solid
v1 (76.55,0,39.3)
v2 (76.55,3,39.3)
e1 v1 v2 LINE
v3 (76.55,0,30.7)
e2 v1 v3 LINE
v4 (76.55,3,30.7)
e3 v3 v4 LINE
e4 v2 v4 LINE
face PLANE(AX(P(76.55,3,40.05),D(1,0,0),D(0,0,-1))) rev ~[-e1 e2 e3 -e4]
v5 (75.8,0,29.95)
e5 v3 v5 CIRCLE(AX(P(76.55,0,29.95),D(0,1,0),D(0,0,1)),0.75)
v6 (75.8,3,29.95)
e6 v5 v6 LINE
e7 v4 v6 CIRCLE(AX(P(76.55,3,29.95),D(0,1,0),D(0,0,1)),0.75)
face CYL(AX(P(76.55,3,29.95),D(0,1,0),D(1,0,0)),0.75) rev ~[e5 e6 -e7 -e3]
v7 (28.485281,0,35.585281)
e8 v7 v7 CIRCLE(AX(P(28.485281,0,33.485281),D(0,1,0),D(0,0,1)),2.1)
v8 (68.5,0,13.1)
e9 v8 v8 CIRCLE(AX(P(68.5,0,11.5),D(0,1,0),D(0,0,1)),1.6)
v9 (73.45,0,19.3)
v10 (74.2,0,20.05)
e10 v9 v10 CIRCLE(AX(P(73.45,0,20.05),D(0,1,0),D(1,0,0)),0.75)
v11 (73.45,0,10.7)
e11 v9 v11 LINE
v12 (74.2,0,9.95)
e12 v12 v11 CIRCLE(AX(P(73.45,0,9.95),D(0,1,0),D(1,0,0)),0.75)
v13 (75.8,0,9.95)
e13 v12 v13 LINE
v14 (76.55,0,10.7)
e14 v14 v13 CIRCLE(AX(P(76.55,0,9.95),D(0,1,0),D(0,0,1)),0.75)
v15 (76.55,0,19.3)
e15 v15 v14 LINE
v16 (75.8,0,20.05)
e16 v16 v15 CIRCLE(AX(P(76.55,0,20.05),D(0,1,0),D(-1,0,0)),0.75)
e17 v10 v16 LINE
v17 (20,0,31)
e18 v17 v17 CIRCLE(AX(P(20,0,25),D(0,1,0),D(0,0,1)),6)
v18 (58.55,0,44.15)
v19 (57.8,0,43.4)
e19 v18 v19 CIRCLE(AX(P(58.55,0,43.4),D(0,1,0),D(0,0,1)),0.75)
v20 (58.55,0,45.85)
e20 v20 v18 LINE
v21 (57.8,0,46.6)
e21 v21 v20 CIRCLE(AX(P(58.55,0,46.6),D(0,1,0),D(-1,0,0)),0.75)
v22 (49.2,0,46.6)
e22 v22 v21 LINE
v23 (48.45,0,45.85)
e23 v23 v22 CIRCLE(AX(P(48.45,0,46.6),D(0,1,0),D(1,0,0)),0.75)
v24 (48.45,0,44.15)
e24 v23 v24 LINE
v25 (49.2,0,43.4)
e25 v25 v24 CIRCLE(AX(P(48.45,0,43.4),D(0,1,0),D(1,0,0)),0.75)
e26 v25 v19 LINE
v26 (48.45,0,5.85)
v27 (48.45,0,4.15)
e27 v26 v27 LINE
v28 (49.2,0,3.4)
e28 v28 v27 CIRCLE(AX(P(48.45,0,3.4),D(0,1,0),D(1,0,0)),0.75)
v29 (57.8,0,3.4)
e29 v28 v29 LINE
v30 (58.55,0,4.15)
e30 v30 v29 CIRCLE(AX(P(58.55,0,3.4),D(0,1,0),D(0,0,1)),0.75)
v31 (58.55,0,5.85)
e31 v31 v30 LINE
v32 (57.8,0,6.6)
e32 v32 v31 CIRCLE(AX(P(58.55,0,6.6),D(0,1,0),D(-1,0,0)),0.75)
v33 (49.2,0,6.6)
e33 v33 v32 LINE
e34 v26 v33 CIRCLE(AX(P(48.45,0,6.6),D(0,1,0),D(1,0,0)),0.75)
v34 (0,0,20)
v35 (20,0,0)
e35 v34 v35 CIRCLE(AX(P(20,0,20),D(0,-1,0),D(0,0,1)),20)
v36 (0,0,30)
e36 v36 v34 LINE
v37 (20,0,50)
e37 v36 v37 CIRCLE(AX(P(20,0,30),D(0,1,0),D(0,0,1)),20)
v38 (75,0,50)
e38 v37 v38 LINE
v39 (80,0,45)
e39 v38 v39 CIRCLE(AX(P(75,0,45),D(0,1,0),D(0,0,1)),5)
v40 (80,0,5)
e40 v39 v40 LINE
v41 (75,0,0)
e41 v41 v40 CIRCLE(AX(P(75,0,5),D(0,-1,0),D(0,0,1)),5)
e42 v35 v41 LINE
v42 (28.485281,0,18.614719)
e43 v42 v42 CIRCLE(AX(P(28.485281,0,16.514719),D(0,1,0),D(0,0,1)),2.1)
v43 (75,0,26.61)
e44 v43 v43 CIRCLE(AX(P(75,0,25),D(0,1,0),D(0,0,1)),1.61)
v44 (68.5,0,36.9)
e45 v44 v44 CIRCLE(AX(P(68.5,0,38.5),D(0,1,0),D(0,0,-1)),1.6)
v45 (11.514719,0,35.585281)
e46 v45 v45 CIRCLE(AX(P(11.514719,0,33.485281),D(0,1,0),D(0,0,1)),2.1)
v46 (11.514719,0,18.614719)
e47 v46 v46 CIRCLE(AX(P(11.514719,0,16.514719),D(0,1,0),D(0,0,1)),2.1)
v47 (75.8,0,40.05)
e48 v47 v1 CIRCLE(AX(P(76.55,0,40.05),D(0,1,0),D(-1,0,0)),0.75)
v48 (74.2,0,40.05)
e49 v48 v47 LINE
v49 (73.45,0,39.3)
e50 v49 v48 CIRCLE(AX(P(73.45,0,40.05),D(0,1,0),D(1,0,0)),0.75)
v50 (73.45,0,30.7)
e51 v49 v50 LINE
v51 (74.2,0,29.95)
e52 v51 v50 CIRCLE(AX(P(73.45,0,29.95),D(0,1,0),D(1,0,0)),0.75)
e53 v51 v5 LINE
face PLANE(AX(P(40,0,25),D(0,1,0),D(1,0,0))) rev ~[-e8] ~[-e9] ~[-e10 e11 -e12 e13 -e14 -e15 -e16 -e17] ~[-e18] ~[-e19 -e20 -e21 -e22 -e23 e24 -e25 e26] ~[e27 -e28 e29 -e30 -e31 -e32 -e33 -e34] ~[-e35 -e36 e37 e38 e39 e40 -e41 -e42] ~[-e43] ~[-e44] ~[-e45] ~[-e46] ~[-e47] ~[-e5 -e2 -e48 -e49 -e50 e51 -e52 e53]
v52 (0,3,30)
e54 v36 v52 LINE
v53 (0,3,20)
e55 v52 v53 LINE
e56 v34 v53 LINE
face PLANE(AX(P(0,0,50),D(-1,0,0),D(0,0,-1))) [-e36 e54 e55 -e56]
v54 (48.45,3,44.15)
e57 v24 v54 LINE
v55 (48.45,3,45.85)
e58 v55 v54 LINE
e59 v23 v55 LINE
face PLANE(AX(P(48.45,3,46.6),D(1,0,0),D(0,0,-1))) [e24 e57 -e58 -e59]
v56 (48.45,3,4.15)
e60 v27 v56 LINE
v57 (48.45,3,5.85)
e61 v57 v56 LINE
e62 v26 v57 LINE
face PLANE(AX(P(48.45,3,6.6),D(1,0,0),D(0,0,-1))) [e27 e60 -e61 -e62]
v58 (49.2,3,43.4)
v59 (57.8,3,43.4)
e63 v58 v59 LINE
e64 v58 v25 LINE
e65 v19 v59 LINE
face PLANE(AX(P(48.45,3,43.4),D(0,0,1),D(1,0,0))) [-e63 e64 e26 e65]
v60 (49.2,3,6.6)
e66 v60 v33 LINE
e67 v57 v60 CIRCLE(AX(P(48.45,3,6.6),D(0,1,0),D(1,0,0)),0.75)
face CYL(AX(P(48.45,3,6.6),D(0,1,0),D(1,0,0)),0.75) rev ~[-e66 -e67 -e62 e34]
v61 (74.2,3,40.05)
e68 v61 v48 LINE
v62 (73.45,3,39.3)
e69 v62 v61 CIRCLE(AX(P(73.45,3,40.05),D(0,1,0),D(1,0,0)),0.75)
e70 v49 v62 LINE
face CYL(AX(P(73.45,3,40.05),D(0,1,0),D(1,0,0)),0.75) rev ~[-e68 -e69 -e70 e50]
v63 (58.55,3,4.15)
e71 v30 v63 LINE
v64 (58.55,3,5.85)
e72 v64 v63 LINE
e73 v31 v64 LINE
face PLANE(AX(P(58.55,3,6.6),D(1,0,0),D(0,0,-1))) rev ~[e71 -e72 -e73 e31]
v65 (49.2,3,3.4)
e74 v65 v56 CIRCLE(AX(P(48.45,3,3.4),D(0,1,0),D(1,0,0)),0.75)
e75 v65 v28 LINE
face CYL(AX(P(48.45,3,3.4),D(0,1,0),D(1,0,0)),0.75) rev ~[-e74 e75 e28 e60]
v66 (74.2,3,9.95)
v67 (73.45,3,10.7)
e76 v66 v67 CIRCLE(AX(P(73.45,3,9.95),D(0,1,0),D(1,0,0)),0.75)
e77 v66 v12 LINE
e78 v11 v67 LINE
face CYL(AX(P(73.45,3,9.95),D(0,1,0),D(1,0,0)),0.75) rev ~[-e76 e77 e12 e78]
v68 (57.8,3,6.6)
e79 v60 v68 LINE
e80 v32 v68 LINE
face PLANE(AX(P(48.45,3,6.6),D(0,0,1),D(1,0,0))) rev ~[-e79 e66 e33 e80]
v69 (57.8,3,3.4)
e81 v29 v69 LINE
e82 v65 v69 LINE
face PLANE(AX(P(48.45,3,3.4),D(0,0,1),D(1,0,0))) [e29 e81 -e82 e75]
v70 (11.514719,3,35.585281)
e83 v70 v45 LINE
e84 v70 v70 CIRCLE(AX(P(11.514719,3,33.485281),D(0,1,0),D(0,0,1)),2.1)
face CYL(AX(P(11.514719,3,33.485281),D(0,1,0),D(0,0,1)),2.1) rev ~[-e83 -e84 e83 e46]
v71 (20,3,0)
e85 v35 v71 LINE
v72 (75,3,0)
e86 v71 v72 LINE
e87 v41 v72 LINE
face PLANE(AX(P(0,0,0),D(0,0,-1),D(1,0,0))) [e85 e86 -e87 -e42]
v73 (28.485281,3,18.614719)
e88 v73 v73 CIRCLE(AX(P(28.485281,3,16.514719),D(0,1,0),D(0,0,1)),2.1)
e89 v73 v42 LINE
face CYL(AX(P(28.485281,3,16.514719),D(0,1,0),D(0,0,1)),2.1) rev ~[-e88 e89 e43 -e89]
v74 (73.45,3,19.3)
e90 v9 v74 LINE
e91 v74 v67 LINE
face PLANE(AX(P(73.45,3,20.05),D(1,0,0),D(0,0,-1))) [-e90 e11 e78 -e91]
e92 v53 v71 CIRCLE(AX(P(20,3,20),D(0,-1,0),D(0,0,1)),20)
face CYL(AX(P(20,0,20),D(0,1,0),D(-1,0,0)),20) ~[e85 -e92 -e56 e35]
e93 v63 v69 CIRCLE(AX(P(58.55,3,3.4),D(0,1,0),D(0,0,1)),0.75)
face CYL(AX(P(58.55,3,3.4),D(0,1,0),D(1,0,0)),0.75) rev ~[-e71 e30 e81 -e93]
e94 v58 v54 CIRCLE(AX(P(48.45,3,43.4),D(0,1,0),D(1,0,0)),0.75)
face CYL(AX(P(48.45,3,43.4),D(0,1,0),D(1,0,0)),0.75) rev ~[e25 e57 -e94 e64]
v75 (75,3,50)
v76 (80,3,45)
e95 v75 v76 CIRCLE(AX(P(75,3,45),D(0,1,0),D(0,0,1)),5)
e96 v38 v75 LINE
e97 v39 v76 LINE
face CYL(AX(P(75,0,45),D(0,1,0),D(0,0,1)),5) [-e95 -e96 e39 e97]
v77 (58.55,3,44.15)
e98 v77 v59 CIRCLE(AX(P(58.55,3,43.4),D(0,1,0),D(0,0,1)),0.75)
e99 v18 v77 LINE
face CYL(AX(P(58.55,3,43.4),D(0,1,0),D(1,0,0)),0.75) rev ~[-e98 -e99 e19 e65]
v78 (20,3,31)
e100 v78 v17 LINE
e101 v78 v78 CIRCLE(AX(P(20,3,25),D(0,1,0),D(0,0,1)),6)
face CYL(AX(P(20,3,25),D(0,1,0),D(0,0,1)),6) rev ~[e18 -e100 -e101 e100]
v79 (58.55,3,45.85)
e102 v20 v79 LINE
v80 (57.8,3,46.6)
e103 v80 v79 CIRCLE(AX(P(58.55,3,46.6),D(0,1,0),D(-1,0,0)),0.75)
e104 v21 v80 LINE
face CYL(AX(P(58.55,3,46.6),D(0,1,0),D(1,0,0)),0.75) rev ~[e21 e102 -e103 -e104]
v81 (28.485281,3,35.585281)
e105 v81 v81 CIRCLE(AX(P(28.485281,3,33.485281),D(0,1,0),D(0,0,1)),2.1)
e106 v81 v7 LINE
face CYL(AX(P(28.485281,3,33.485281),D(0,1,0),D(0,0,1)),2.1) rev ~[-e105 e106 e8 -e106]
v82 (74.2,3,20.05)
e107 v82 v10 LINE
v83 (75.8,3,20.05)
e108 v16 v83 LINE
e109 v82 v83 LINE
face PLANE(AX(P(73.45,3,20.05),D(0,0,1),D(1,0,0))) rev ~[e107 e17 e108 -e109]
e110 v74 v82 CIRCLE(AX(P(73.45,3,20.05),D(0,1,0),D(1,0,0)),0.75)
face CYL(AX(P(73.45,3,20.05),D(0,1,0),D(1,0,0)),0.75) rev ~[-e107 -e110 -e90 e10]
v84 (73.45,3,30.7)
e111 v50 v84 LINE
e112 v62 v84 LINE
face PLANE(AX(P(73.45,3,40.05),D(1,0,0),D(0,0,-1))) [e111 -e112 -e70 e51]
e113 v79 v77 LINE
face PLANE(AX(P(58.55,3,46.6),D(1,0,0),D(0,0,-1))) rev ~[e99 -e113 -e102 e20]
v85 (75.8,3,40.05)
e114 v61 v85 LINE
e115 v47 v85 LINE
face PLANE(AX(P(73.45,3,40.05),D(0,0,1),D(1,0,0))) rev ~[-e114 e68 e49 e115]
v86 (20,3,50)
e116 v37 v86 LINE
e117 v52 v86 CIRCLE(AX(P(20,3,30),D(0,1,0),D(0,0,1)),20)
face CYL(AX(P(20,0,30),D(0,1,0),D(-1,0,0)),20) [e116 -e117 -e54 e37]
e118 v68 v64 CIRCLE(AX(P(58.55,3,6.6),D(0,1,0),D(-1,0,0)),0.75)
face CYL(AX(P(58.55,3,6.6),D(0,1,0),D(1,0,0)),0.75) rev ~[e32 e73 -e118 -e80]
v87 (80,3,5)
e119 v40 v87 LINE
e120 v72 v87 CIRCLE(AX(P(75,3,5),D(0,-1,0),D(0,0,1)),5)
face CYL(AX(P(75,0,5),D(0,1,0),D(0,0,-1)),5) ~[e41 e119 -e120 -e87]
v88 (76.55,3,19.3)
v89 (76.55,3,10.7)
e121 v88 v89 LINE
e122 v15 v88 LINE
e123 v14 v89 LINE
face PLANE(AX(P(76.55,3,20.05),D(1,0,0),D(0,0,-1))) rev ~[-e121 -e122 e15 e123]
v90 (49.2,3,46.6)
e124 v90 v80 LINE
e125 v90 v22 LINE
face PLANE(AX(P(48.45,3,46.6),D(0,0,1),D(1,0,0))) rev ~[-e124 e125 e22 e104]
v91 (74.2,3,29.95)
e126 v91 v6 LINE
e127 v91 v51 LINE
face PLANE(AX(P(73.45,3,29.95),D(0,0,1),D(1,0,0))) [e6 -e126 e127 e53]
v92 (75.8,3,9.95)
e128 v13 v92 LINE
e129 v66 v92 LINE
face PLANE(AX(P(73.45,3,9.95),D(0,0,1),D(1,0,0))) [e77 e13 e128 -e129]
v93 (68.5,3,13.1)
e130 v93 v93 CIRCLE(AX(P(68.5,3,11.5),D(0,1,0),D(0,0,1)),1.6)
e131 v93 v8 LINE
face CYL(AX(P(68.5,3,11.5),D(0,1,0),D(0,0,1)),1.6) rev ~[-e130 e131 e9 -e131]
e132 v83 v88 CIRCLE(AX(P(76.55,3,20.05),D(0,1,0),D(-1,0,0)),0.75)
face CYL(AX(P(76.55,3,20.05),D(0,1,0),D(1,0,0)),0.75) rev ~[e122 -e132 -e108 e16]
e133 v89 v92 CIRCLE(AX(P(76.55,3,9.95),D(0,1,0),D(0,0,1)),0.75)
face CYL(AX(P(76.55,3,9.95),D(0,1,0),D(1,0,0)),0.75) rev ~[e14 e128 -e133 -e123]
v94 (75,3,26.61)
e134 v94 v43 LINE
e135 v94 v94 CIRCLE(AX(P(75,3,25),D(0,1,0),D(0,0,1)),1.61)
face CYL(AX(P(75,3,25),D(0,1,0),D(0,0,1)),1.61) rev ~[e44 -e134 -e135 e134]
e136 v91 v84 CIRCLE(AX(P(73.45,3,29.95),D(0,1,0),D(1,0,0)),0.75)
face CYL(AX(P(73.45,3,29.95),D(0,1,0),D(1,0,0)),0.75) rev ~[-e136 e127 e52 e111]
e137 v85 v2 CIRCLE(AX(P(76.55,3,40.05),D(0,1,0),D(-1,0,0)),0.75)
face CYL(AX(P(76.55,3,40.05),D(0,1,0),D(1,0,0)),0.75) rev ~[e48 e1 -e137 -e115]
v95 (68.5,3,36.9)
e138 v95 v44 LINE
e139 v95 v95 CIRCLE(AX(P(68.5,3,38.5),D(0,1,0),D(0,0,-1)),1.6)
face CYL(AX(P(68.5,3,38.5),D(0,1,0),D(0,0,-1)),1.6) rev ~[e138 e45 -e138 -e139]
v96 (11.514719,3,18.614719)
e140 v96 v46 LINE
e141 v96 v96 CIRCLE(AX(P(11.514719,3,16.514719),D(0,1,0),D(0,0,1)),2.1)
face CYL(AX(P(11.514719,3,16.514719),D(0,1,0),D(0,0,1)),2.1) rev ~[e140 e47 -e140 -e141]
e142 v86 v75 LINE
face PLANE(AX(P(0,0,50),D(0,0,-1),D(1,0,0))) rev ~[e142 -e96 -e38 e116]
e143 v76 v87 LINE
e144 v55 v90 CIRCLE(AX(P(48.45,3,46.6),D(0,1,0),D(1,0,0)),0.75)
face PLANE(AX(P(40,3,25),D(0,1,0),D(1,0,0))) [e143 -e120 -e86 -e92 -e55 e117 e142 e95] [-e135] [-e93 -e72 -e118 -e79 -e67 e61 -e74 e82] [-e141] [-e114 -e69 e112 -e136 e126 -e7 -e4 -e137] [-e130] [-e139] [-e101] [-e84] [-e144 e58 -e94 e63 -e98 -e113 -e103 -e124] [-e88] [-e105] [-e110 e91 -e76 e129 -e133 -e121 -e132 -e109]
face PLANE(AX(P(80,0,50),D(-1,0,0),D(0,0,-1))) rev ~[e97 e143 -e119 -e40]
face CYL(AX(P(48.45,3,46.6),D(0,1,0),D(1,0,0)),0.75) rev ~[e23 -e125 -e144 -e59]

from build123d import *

# Parameters (mm, degrees)
SKETCH_1_W          = 80
SKETCH_1_H          = 50
EXTRUDE_1_DEPTH     = 3
SKETCH_2_R          = 6
SKETCH_2_R_2        = 2.1
CUT_EXTRUDE_1_DEPTH = 3
SKETCH_3_R          = 1.61
SKETCH_3_W          = 3.1
SKETCH_3_H          = 10.1
CUT_EXTRUDE_2_DEPTH = 3
SKETCH_4_R          = 1.6
SKETCH_4_W          = 10.1
SKETCH_4_H          = 3.2
CUT_EXTRUDE_3_DEPTH = 95.387499172
FILLET_1_R          = 20
FILLET_2_R          = 5
SKETCH_5_R          = 0.75
CUT_EXTRUDE_4_DEPTH = 95.387499172


with BuildPart() as part:
    # 草图1 → 凸台-拉伸1 (new body)
    with BuildSketch(Plane(origin=(0, 0, 0), x_dir=(1, 0, 0), z_dir=(0, 1, 0))):
        with Locations((40, -25)):
            Rectangle(SKETCH_1_W, SKETCH_1_H)
    extrude(amount=EXTRUDE_1_DEPTH)

    # 草图2 → 切除-拉伸1 (cut)
    with BuildSketch(Plane(origin=(0, 3, 0), x_dir=(1, 0, 0), z_dir=(0, 1, 0))):
        with Locations(Location((20, -25, 0), (0, 0, 270))):
            Circle(SKETCH_2_R)
        with Locations(Location((11.514718626, -16.514718626, 0), (0, 0, 270))):
            Circle(SKETCH_2_R_2)
        with Locations(Location((28.485281374, -16.514718626, 0), (0, 0, 270))):
            Circle(SKETCH_2_R_2)
        with Locations(Location((28.485281374, -33.485281374, 0), (0, 0, 270))):
            Circle(SKETCH_2_R_2)
        with Locations(Location((11.514718626, -33.485281374, 0), (0, 0, 270))):
            Circle(SKETCH_2_R_2)
    extrude(amount=-CUT_EXTRUDE_1_DEPTH, mode=Mode.SUBTRACT)

    # 草图3 → 切除-拉伸2 (cut)
    with BuildSketch(Plane(origin=(0, 3, 0), x_dir=(1, 0, 0), z_dir=(0, 1, 0))):
        with Locations(Location((75, -25, 0), (0, 0, 270))):
            Circle(SKETCH_3_R)
        with Locations((75, -15)):
            Rectangle(SKETCH_3_W, SKETCH_3_H)
        with Locations((75, -35)):
            Rectangle(SKETCH_3_W, SKETCH_3_H)
    extrude(amount=-CUT_EXTRUDE_2_DEPTH, mode=Mode.SUBTRACT)

    # 草图4 → 切除-拉伸3 (cut, through all)
    with BuildSketch(Plane(origin=(0, 3, 0), x_dir=(1, 0, 0), z_dir=(0, 1, 0))):
        with Locations(Location((68.5, -11.5, 0), (0, 0, 270))):
            Circle(SKETCH_4_R)
        with Locations(Location((68.5, -38.5, 0), (0, 0, 90))):
            Circle(SKETCH_4_R)
        with Locations((53.5, -5)):
            Rectangle(SKETCH_4_W, SKETCH_4_H)
        with Locations((53.5, -45)):
            Rectangle(SKETCH_4_W, SKETCH_4_H)
    extrude(amount=-CUT_EXTRUDE_3_DEPTH, mode=Mode.SUBTRACT)

    # 圆角1
    fillet_1_edges = [part.edges().sort_by_distance(p)[0] for p in [
        (0, 1.5, 0),
        (0, 1.5, 50),
    ]]
    fillet(fillet_1_edges, radius=FILLET_1_R)

    # 圆角2
    fillet_2_edges = [part.edges().sort_by_distance(p)[0] for p in [
        (80, 1.5, 0),
        (80, 1.5, 50),
    ]]
    fillet(fillet_2_edges, radius=FILLET_2_R)

    # 草图5 → 切除-拉伸4 (cut, through all)
    with BuildSketch(Plane(origin=(0, 3, 0), x_dir=(1, 0, 0), z_dir=(0, 1, 0))):
        with Locations((48.45, -3.4)):
            Circle(SKETCH_5_R)
        with Locations((48.45, -6.6)):
            Circle(SKETCH_5_R)
        with Locations((58.55, -6.6)):
            Circle(SKETCH_5_R)
        with Locations((58.55, -3.4)):
            Circle(SKETCH_5_R)
        with Locations((73.45, -9.95)):
            Circle(SKETCH_5_R)
        with Locations((76.55, -9.95)):
            Circle(SKETCH_5_R)
        with Locations((76.55, -20.05)):
            Circle(SKETCH_5_R)
        with Locations((73.45, -20.05)):
            Circle(SKETCH_5_R)
        with Locations((73.45, -29.95)):
            Circle(SKETCH_5_R)
        with Locations((76.55, -29.95)):
            Circle(SKETCH_5_R)
        with Locations((76.55, -40.05)):
            Circle(SKETCH_5_R)
        with Locations((73.45, -40.05)):
            Circle(SKETCH_5_R)
        with Locations((58.55, -46.6)):
            Circle(SKETCH_5_R)
        with Locations((58.55, -43.4)):
            Circle(SKETCH_5_R)
        with Locations((48.45, -43.4)):
            Circle(SKETCH_5_R)
        with Locations((48.45, -46.6)):
            Circle(SKETCH_5_R)
    extrude(amount=-CUT_EXTRUDE_4_DEPTH, mode=Mode.SUBTRACT)


solid = part.part
